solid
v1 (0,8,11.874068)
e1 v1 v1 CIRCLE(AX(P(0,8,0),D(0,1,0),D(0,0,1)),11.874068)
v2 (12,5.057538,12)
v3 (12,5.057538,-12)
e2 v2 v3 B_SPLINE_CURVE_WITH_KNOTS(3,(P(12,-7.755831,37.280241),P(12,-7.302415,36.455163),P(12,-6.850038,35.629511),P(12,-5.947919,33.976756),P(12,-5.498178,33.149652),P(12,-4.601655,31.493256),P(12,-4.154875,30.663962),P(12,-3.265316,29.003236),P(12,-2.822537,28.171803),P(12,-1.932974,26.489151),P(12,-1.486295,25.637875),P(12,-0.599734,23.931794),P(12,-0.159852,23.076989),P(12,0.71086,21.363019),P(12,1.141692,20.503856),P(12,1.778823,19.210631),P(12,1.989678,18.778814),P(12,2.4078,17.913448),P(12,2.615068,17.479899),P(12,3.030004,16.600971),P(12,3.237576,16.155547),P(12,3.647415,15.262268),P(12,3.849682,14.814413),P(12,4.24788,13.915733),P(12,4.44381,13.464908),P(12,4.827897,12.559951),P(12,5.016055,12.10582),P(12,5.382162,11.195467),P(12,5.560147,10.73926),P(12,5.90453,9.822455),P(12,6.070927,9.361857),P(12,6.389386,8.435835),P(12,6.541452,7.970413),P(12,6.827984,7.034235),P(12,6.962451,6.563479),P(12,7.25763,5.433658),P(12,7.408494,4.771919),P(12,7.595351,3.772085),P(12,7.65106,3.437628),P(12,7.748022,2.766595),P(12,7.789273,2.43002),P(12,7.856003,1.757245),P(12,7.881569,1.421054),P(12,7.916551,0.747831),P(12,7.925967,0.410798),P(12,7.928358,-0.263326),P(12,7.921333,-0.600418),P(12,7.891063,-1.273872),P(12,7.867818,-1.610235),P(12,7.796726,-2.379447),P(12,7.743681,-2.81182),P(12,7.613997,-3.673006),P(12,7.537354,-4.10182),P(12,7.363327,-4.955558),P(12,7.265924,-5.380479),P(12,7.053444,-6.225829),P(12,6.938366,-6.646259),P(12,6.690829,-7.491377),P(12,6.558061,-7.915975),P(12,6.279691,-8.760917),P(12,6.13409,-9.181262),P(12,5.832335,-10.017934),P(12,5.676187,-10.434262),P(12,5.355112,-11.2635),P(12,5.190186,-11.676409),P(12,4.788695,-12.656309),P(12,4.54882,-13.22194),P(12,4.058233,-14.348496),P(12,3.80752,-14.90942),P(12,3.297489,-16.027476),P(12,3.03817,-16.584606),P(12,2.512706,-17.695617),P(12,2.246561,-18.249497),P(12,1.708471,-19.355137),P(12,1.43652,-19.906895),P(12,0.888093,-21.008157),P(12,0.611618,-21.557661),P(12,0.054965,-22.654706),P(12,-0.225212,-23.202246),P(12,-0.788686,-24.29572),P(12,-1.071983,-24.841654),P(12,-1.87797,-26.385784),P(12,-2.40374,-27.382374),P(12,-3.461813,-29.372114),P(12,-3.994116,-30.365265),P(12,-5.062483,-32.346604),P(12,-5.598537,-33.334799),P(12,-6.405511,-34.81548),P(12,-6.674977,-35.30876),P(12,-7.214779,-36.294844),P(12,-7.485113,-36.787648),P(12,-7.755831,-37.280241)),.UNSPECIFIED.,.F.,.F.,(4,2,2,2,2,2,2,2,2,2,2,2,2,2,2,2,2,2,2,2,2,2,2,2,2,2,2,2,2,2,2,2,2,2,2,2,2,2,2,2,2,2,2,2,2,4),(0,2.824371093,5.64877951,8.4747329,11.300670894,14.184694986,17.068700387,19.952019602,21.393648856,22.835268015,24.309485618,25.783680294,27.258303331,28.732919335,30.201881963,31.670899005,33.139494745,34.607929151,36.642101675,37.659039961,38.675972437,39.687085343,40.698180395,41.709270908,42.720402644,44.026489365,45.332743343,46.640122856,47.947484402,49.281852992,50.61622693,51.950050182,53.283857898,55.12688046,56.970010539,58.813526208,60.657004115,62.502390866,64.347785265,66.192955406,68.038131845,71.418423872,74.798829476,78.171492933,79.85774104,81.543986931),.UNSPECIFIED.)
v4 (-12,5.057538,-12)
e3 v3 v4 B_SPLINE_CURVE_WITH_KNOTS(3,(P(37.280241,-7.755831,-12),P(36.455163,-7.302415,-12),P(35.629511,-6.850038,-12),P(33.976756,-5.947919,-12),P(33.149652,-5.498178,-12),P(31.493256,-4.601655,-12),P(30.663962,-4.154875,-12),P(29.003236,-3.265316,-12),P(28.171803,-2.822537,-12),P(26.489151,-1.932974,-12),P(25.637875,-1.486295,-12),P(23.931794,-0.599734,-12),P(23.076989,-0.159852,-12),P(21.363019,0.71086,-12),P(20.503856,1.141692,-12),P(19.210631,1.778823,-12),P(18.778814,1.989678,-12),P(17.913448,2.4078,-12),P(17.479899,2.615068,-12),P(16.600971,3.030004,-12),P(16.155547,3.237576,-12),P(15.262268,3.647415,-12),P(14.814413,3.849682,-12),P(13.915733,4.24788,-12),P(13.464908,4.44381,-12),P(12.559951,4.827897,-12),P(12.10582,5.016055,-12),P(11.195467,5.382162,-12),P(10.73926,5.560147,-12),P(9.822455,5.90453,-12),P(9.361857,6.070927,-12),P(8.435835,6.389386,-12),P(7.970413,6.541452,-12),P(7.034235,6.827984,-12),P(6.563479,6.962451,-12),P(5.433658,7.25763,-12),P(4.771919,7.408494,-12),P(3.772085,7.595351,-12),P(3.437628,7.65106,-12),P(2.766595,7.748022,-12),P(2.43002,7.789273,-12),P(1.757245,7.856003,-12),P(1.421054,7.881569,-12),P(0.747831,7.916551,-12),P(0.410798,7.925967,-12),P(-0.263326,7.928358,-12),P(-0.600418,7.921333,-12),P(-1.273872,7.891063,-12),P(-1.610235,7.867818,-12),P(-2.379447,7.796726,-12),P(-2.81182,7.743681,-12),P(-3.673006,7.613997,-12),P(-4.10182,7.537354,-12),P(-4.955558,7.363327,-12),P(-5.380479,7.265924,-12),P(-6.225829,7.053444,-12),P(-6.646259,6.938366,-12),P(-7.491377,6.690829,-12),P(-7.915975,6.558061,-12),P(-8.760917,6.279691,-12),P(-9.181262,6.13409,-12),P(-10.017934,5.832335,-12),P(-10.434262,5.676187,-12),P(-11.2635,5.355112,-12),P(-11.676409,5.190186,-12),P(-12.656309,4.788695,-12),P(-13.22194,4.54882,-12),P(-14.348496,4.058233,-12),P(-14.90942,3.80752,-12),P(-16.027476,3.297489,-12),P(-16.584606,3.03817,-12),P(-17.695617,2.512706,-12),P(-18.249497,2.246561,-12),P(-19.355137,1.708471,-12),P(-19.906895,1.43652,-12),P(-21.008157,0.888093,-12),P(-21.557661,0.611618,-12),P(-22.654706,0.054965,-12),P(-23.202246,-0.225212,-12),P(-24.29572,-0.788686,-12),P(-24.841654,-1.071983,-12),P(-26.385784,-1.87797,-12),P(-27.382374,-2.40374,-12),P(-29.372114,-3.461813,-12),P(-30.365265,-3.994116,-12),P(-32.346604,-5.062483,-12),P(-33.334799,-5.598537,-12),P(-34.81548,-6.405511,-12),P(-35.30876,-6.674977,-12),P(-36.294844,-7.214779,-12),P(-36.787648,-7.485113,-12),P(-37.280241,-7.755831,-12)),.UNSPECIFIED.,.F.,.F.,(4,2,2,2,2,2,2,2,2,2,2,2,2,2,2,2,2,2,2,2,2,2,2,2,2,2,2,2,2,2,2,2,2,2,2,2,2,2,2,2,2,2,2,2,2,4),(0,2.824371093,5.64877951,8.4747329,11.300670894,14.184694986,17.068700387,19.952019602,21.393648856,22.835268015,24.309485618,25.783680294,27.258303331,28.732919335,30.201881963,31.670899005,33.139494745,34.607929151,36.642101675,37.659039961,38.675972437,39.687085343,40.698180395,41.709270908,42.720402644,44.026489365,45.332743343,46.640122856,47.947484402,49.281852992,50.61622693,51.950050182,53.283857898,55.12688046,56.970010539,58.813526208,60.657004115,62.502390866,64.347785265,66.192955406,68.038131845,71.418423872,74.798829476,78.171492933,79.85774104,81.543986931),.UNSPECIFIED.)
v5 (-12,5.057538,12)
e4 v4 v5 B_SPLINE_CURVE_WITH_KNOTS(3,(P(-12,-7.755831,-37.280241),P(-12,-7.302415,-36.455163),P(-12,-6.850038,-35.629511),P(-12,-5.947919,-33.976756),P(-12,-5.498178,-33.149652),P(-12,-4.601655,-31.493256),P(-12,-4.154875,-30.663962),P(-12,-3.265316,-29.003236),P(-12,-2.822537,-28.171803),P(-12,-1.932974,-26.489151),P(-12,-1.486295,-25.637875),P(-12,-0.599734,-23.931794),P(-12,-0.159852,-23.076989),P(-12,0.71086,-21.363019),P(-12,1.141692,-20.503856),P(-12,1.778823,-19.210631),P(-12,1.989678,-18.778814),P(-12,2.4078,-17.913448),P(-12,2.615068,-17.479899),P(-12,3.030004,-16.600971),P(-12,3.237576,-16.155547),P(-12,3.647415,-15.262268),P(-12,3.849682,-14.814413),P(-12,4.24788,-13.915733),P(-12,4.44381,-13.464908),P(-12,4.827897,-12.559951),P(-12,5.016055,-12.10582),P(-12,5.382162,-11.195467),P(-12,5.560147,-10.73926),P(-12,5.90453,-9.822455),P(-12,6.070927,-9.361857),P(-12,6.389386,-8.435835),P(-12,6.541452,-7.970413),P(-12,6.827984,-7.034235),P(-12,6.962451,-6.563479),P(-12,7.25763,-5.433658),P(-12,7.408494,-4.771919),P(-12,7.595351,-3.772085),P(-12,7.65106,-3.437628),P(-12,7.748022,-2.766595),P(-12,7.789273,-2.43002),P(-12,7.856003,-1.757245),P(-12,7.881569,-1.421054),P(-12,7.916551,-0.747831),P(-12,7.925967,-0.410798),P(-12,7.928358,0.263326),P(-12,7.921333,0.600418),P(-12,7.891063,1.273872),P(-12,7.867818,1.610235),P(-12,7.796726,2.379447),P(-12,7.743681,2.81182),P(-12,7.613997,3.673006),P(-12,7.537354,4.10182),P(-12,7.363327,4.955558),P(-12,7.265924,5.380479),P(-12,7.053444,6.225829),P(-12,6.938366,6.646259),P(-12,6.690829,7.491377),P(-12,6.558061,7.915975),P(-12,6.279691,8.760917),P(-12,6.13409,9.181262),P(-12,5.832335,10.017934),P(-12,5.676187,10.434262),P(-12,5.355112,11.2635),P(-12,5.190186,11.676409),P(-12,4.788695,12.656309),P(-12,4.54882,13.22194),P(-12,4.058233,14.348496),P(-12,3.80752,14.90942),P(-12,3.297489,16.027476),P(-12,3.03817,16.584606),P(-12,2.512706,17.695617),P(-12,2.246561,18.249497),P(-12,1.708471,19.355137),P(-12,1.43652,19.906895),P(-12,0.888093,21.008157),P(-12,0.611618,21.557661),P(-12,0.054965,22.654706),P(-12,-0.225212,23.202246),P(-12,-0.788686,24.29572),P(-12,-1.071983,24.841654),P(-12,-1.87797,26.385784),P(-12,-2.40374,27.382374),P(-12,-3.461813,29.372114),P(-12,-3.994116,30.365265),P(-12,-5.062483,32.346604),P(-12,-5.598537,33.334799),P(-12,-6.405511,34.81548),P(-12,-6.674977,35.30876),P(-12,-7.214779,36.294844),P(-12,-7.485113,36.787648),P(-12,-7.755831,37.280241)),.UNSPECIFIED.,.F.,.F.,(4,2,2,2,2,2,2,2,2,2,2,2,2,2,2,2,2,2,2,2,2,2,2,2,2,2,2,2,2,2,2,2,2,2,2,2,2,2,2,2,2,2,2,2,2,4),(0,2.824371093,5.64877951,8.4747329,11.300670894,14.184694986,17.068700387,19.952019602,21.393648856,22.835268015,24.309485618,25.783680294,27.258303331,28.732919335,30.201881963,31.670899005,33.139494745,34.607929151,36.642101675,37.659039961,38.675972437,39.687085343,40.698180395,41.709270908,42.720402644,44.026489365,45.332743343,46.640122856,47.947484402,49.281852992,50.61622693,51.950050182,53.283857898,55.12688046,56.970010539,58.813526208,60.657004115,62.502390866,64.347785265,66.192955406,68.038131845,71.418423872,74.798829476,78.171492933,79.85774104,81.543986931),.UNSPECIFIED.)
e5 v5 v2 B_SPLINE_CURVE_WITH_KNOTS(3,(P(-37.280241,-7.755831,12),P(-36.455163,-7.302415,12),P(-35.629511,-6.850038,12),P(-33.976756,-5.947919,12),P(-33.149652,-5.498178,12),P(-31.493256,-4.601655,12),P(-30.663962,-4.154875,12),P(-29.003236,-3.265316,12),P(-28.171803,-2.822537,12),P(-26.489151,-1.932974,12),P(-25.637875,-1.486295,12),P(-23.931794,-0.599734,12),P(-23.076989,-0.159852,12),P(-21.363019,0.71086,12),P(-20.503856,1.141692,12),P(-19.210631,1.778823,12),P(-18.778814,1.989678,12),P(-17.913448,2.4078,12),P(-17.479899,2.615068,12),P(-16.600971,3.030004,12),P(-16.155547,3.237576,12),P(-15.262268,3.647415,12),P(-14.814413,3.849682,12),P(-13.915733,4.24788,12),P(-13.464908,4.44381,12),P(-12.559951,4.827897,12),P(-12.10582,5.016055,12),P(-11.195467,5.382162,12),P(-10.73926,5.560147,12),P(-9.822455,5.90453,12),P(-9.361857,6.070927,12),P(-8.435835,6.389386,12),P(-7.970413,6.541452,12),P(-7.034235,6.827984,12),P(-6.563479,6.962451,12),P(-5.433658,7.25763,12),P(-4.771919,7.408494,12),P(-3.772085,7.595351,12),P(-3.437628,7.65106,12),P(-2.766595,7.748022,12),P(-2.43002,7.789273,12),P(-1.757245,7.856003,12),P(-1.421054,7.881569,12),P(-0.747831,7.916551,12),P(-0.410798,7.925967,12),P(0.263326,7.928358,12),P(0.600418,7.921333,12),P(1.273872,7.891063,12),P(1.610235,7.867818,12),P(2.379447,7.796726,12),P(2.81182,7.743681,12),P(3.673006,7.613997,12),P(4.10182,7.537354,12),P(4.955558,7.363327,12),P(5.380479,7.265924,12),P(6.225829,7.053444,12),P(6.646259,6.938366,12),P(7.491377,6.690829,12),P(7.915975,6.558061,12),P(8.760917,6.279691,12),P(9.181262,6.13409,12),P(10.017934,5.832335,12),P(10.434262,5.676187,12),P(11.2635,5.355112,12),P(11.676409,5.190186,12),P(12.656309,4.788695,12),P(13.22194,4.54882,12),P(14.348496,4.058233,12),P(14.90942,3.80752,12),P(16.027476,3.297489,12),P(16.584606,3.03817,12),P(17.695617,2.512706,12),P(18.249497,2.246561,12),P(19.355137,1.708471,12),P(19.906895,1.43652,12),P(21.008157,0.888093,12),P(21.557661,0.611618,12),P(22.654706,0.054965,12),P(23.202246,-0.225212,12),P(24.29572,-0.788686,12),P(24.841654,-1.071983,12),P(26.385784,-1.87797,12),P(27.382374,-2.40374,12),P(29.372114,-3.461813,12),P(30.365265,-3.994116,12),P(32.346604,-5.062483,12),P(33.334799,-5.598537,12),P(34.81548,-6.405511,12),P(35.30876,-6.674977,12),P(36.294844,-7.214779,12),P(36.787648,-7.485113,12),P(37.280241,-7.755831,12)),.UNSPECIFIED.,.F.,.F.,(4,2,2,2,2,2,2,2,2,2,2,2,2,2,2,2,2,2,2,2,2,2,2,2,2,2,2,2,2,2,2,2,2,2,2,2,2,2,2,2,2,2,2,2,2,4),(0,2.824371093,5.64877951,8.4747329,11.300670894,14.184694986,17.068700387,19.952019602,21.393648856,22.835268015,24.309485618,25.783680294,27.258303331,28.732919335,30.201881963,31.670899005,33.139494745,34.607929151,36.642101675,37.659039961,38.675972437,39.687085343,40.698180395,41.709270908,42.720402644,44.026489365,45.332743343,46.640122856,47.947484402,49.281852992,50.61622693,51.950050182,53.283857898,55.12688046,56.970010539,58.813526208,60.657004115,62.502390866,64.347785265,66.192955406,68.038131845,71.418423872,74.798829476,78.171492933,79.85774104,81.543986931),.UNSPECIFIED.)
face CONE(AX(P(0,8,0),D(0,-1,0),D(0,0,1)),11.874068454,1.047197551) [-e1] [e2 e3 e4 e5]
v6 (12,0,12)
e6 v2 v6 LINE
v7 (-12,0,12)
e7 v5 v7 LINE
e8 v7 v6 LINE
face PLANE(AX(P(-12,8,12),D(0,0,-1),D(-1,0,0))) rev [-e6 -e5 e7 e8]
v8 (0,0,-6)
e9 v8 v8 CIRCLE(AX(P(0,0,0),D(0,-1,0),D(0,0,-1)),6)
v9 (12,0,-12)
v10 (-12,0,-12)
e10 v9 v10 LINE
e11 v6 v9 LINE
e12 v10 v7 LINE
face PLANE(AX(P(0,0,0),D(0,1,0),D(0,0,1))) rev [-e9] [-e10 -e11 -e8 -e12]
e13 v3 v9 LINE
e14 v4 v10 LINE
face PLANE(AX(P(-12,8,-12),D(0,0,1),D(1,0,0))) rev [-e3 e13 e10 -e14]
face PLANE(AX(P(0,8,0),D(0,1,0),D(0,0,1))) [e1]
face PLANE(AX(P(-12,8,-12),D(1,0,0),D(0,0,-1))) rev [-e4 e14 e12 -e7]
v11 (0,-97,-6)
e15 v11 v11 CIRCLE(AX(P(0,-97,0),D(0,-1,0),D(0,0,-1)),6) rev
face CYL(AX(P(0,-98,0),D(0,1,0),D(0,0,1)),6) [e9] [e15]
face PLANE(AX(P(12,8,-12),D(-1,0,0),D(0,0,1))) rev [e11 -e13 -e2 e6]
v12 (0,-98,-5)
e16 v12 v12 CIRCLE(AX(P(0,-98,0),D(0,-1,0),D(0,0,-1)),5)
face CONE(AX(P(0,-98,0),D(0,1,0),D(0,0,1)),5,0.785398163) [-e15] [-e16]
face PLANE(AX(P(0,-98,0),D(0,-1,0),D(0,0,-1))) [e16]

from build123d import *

# Parameters (mm, degrees)
SKETCH1_W           = 24
SKETCH1_H           = 24
BOSS_EXTRUDE1_DEPTH = 8
SKETCH2_OUTSIDE_W   = 60.688
SKETCH2_OUTSIDE_H   = 60.688
SKETCH2_OUTSIDE_R   = 11.874068454
CUT_EXTRUDE1_DEPTH  = 8
CUT_EXTRUDE1_DRAFT  = -60
SKETCH3_R           = 6
BOSS_EXTRUDE2_DEPTH = 98
CHAMFER1_SIZE       = 1


with BuildPart() as part:
    # Sketch1 → Boss-Extrude1 (new body)
    with BuildSketch(Plane(origin=(0, 0, 0), x_dir=(1, 0, 0), z_dir=(0, 1, 0))):
        Rectangle(SKETCH1_W, SKETCH1_H)
    extrude(amount=BOSS_EXTRUDE1_DEPTH)


with BuildPart() as cut_extrude1_tool:
    # Sketch2 outside → Cut-Extrude1 (with draft: the straight prism first)
    with BuildSketch(Plane(origin=(0, 8, 0), x_dir=(1, 0, 0), z_dir=(0, 1, 0))):
        Rectangle(SKETCH2_OUTSIDE_W, SKETCH2_OUTSIDE_H)
        Circle(SKETCH2_OUTSIDE_R, mode=Mode.SUBTRACT)
    extrude(amount=-CUT_EXTRUDE1_DEPTH)
    # Cut-Extrude1: the draft: its side faces are tilted about the plane it starts from
    cut_extrude1_sides = [cut_extrude1_tool.faces().sort_by_distance(p)[0] for p in [
        (0, 4, 30.344),
        (30.344, 4, 0),
        (0, 4, -30.344),
        (-30.344, 4, 0),
        (-11.874068454, 4, 0),
    ]]
    draft(cut_extrude1_sides, Plane(origin=(0, 8, 0), x_dir=(1, 0, 0), z_dir=(0, 1, 0)), CUT_EXTRUDE1_DRAFT)


with BuildPart() as part_1:
    add(part.part)

    # Cut-Extrude1: cut by cut_extrude1_tool
    add(cut_extrude1_tool.part, mode=Mode.SUBTRACT)

    # Sketch3 → Boss-Extrude2 (add)
    with BuildSketch(Plane.XZ):
        with Locations(Location((0, 0, 0), (0, 0, 270))):
            Circle(SKETCH3_R)
    extrude(amount=BOSS_EXTRUDE2_DEPTH)

    # Chamfer1
    chamfer1_edges = [part_1.edges().sort_by_distance(p)[0] for p in [
        (0, -98, 6),
    ]]
    chamfer(chamfer1_edges, length=CHAMFER1_SIZE)


solid = part_1.part
